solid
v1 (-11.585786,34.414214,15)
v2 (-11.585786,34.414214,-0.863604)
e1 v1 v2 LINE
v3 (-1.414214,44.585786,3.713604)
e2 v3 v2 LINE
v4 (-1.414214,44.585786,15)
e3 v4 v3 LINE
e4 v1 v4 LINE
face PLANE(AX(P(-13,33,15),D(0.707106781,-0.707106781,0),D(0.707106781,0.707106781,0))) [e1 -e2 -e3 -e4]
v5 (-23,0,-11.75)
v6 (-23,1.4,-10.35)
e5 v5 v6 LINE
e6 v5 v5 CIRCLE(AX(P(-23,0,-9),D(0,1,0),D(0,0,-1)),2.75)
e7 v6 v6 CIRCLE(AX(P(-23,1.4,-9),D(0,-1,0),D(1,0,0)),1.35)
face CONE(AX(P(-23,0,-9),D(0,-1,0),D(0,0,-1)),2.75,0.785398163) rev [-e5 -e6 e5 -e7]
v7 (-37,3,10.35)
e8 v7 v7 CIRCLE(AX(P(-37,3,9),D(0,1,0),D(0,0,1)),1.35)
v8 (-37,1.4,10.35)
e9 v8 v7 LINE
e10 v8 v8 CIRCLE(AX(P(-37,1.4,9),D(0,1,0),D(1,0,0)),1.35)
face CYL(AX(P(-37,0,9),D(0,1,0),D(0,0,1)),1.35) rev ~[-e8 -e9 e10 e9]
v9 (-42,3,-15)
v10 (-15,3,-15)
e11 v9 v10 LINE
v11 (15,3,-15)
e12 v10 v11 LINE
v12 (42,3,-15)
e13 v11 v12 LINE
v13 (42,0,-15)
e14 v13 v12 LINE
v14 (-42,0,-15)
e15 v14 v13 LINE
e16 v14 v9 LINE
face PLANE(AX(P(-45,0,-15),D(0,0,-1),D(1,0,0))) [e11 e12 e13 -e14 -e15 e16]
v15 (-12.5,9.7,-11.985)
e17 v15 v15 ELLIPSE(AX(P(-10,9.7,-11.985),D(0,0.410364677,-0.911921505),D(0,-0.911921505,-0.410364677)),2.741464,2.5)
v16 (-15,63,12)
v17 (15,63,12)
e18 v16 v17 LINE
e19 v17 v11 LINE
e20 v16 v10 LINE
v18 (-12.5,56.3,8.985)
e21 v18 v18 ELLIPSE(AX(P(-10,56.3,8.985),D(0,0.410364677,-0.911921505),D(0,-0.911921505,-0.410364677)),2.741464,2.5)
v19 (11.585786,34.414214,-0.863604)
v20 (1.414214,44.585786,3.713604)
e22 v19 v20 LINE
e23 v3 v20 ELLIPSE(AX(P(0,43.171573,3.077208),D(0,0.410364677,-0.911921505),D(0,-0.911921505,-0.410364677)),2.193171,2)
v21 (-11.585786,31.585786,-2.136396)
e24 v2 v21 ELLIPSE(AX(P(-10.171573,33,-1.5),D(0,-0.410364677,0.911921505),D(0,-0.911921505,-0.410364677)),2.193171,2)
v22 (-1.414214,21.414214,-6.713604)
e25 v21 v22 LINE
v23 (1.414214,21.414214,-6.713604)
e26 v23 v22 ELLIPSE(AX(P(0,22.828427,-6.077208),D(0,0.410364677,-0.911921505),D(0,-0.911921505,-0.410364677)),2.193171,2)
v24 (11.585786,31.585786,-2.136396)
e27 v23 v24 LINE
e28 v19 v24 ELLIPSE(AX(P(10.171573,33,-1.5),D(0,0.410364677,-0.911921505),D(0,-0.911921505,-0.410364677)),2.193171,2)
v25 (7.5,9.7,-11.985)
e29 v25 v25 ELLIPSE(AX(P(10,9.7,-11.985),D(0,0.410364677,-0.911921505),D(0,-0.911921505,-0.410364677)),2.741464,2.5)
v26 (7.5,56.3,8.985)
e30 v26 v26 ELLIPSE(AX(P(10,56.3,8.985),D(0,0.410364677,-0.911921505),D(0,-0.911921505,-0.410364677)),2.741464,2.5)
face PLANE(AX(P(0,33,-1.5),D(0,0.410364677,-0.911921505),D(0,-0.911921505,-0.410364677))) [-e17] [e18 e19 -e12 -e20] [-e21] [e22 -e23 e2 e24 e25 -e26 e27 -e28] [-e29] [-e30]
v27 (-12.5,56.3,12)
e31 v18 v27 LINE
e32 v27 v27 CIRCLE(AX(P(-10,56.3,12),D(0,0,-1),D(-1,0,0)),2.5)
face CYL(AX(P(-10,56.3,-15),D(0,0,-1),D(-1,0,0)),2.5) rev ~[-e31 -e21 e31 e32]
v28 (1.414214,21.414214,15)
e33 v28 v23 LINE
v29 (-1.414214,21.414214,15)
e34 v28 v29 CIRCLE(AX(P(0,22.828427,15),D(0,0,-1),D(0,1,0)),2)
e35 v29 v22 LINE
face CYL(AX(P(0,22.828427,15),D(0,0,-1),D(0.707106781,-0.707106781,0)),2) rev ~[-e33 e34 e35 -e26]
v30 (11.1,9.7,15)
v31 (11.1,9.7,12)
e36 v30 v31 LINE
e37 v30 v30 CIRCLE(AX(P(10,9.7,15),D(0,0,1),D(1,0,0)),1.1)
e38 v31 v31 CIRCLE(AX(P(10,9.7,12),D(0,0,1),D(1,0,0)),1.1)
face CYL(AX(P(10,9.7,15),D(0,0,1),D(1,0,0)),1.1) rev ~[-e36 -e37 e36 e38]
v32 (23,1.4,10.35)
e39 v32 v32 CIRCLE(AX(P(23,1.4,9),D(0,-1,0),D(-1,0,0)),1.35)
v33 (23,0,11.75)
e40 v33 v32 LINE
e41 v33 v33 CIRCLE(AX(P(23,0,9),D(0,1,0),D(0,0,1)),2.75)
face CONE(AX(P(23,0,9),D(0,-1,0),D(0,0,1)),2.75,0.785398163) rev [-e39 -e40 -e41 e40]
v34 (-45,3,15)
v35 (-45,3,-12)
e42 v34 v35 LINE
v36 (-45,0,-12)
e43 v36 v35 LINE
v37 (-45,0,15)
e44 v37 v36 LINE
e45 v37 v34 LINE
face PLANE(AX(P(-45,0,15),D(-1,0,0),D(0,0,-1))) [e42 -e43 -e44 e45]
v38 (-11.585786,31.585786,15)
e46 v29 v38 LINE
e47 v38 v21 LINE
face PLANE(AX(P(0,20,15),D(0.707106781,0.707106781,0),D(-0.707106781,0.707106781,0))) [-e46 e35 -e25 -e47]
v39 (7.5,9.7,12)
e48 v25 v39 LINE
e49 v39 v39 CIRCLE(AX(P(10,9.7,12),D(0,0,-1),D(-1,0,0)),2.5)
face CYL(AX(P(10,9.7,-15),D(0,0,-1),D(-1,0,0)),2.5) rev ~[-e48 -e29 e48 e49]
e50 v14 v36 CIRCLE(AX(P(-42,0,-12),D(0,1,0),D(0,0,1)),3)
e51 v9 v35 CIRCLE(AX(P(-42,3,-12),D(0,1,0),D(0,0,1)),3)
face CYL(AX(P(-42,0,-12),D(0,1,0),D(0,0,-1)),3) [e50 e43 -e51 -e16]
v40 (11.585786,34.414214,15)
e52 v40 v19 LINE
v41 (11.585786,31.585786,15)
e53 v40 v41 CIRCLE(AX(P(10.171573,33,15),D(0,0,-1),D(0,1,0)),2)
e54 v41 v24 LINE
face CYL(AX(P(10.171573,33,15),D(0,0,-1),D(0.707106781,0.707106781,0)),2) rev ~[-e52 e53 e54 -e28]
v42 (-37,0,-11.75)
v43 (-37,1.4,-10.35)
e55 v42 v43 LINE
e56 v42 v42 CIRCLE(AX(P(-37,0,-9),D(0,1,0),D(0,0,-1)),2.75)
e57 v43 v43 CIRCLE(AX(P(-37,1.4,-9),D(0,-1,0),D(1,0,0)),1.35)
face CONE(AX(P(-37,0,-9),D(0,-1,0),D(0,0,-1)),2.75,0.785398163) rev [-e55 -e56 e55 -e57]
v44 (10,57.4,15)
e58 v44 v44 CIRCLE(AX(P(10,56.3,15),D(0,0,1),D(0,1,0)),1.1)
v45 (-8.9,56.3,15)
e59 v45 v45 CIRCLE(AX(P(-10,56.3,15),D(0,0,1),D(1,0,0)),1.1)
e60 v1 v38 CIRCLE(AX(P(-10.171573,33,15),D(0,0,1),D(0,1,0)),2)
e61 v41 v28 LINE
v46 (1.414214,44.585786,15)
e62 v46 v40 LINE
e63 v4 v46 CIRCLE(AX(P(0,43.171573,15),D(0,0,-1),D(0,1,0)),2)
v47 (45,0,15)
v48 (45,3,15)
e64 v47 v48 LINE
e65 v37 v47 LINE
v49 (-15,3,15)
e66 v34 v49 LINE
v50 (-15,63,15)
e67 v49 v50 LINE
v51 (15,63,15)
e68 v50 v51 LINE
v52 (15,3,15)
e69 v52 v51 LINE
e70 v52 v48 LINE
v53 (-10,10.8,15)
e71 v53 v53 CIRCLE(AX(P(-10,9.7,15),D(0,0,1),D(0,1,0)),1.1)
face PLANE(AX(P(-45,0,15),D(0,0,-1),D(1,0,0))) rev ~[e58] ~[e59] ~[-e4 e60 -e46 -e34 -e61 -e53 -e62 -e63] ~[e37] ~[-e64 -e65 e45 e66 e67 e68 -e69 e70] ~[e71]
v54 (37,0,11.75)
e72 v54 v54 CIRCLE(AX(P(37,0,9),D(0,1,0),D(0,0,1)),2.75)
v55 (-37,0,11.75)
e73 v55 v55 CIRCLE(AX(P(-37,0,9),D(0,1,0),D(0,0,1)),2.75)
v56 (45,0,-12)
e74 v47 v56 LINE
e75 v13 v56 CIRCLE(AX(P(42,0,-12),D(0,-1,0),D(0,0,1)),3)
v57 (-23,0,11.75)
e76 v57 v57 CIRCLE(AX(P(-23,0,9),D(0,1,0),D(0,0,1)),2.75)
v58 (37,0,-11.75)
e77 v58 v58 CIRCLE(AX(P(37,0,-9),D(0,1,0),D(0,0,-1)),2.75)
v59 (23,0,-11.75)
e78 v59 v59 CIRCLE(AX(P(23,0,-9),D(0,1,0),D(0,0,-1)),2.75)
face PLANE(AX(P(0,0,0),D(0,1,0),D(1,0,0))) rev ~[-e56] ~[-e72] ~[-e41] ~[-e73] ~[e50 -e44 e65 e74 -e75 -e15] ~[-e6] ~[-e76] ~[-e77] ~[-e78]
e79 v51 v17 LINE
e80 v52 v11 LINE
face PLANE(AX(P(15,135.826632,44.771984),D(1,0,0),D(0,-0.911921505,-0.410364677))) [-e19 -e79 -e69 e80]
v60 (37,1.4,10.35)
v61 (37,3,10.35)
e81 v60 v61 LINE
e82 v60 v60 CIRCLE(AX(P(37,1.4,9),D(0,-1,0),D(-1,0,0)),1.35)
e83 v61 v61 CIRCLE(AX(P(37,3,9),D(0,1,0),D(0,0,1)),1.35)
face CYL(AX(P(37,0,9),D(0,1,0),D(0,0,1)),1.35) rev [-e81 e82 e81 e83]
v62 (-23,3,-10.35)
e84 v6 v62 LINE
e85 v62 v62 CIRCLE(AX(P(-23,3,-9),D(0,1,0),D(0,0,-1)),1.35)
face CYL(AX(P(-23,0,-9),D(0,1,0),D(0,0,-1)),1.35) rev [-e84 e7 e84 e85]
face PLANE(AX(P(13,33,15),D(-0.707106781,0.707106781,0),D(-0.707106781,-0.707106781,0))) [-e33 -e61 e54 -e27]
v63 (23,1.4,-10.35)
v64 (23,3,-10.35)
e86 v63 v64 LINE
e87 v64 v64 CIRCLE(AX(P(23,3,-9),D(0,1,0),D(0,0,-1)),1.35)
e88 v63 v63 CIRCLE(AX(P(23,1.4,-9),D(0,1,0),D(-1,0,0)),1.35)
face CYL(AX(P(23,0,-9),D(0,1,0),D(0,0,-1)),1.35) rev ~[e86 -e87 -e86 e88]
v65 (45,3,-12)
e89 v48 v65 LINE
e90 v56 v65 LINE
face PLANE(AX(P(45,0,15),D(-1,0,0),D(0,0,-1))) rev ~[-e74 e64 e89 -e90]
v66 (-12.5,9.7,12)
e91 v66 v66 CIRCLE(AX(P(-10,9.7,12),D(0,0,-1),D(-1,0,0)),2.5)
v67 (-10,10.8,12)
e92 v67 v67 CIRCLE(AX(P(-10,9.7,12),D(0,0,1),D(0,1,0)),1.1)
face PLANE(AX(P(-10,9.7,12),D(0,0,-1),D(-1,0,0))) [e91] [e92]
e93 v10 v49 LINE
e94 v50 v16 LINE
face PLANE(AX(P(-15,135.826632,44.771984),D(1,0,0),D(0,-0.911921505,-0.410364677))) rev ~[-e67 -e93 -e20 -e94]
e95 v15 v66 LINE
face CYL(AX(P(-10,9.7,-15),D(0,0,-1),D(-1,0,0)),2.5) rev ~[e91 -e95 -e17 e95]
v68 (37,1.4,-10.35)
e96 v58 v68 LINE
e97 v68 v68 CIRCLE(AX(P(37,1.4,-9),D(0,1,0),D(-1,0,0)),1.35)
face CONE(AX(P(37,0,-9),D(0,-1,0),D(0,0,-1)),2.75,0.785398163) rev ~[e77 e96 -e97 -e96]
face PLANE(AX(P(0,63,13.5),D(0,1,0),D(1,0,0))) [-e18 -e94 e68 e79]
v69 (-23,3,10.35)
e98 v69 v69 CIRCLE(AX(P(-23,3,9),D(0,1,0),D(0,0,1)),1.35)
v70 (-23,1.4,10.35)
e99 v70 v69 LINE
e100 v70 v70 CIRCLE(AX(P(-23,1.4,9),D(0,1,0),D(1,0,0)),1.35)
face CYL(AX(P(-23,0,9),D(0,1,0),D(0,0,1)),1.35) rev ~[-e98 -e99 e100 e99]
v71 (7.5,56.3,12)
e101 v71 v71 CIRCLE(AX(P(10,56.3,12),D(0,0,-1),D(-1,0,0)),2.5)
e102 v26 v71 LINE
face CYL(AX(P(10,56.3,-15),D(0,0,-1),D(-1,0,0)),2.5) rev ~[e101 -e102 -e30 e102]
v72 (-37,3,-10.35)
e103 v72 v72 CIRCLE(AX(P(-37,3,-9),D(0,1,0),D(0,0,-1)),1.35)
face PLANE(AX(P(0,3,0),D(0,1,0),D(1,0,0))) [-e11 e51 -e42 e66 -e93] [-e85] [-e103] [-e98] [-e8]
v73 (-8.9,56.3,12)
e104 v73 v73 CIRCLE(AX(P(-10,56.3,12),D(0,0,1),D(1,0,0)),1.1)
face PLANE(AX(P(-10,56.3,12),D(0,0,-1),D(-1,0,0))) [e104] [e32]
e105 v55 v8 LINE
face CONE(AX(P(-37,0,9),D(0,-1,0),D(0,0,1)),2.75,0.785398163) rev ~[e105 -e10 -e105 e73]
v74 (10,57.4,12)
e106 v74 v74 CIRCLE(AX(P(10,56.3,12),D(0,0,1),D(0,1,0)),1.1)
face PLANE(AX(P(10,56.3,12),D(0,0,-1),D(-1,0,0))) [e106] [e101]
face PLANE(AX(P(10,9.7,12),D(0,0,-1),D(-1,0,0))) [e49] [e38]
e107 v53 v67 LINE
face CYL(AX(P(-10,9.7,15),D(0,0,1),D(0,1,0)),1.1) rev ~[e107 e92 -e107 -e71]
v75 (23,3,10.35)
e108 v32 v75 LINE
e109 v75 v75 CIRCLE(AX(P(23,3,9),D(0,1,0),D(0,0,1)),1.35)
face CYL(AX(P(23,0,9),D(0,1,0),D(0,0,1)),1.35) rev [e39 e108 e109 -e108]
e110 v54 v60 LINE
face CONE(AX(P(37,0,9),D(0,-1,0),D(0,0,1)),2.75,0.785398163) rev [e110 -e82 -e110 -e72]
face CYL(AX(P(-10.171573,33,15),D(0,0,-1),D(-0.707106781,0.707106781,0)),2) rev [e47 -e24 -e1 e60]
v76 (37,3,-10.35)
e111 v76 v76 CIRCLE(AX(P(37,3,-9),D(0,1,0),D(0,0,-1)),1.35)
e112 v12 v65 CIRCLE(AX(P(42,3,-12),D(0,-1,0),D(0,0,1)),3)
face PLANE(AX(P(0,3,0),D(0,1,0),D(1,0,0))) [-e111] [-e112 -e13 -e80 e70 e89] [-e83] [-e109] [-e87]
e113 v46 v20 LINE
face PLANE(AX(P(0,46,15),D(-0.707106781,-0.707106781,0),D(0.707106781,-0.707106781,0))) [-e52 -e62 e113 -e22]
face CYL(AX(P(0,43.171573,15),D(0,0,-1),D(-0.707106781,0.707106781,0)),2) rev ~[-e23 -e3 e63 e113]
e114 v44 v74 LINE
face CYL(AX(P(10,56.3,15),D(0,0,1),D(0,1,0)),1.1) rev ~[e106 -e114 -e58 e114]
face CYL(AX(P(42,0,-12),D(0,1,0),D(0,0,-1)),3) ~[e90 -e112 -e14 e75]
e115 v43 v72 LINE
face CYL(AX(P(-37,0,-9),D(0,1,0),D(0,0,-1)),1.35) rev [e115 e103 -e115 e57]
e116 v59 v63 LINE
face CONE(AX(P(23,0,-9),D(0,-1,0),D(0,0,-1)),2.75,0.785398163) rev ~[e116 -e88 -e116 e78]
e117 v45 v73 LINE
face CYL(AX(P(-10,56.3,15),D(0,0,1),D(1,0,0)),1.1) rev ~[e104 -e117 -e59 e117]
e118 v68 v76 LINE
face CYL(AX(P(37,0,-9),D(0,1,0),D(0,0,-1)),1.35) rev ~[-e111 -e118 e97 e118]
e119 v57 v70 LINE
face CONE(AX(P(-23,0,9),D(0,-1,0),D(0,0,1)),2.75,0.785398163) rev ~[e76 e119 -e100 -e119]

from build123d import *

# Parameters (mm, degrees)
SKETCH1_W                                            = 90
SKETCH1_H                                            = 30
BOSS_EXTRUDE1_DEPTH                                  = 3
SKETCH3_W                                            = 30
SKETCH3_H                                            = 3
BOSS_EXTRUDE2_DEPTH                                  = 60
RIB5_REACH                                           = 80.861
SKETCH8_WALL_W                                       = 225.516409736
SKETCH8_WALL_H                                       = 30
CUT_EXTRUDE2_REACH                                   = 85.03
SKETCH10_R                                           = 1.1
SKETCH12_R                                           = 2.5
CUT_EXTRUDE3_DEPTH                                   = 27
FILLET1_R                                            = 3
CUT_EXTRUDE4_REACH                                   = 85.03
FILLET2_R                                            = 2
CSK_FOR_M2_5_COUNTERSUNK_FLAT_HEAD_SCREW_D           = 2.7
CSK_FOR_M2_5_COUNTERSUNK_FLAT_HEAD_SCREW_CSINK_D     = 5.5
CSK_FOR_M2_5_COUNTERSUNK_FLAT_HEAD_SCREW_CSINK_ANGLE = 90
MIRROR1_AT_THE_SECOND_PLANE_COPY_1_D                 = 2.7
MIRROR1_AT_THE_SECOND_PLANE_COPY_1_CSINK_D           = 5.5
MIRROR1_AT_THE_SECOND_PLANE_COPY_1_CSINK_ANGLE       = 90


with BuildPart() as part:
    # Sketch1 → Boss-Extrude1 (new body)
    with BuildSketch(Plane(origin=(0, 0, 0), x_dir=(1, 0, 0), z_dir=(0, 1, 0))):
        Rectangle(SKETCH1_W, SKETCH1_H)
    extrude(amount=BOSS_EXTRUDE1_DEPTH)

    # Sketch3 → Boss-Extrude2 (add)
    with BuildSketch(Plane(origin=(0, 3, 0), x_dir=(1, 0, 0), z_dir=(0, 1, 0))):
        with Locations((0, -13.5)):
            Rectangle(SKETCH3_W, SKETCH3_H)
    extrude(amount=BOSS_EXTRUDE2_DEPTH)

    # Sketch8 wall → Rib5 (add, up to next)
    with BuildSketch(Plane(origin=(0, 33, -1.5), x_dir=(0, -0.911921505175, -0.410364677329), z_dir=(0, 0.410364677329, -0.911921505175)), mode=Mode.PRIVATE) as rib5_sk1:
        Rectangle(SKETCH8_WALL_W, SKETCH8_WALL_H)
    rib5_tool1 = extrude(rib5_sk1.sketch, amount=-RIB5_REACH, mode=Mode.PRIVATE) - part.part
    add(rib5_tool1.solids().sort_by_distance((0, 33, -1.5))[0])

    # Cut-Extrude2: up to this plane
    cut_extrude2_end = Plane(origin=(0, 63, 12), z_dir=(0, -0.410364677328798, 0.9119215051751063))
    # Sketch10 → Cut-Extrude2 (cut, up to the surface)
    with BuildSketch(Plane.XY.offset(15), mode=Mode.PRIVATE) as cut_extrude2_sk1:
        with Locations((-10, 56.3)):
            Circle(SKETCH10_R)
    cut_extrude2_tool1 = split(extrude(cut_extrude2_sk1.sketch, amount=-CUT_EXTRUDE2_REACH, mode=Mode.PRIVATE), bisect_by=cut_extrude2_end, keep=Keep.BOTH, mode=Mode.PRIVATE)
    add(cut_extrude2_tool1.solids().sort_by_distance((-10, 56.3, 15))[0], mode=Mode.SUBTRACT)
    # Sketch10 → Cut-Extrude2 (cut, up to the surface)
    with BuildSketch(Plane.XY.offset(15), mode=Mode.PRIVATE) as cut_extrude2_sk2:
        with Locations(Location((10, 56.3, 0), (0, 0, 90))):
            Circle(SKETCH10_R)
    cut_extrude2_tool2 = split(extrude(cut_extrude2_sk2.sketch, amount=-CUT_EXTRUDE2_REACH, mode=Mode.PRIVATE), bisect_by=cut_extrude2_end, keep=Keep.BOTH, mode=Mode.PRIVATE)
    add(cut_extrude2_tool2.solids().sort_by_distance((10, 56.3, 15))[0], mode=Mode.SUBTRACT)
    # Sketch10 → Cut-Extrude2 (cut, up to the surface)
    with BuildSketch(Plane.XY.offset(15), mode=Mode.PRIVATE) as cut_extrude2_sk3:
        with Locations((10, 9.7)):
            Circle(SKETCH10_R)
    cut_extrude2_tool3 = split(extrude(cut_extrude2_sk3.sketch, amount=-CUT_EXTRUDE2_REACH, mode=Mode.PRIVATE), bisect_by=cut_extrude2_end, keep=Keep.BOTH, mode=Mode.PRIVATE)
    add(cut_extrude2_tool3.solids().sort_by_distance((10, 9.7, 15))[0], mode=Mode.SUBTRACT)
    # Sketch10 → Cut-Extrude2 (cut, up to the surface)
    with BuildSketch(Plane.XY.offset(15), mode=Mode.PRIVATE) as cut_extrude2_sk4:
        with Locations(Location((-10, 9.7, 0), (0, 0, 90))):
            Circle(SKETCH10_R)
    cut_extrude2_tool4 = split(extrude(cut_extrude2_sk4.sketch, amount=-CUT_EXTRUDE2_REACH, mode=Mode.PRIVATE), bisect_by=cut_extrude2_end, keep=Keep.BOTH, mode=Mode.PRIVATE)
    add(cut_extrude2_tool4.solids().sort_by_distance((-10, 9.7, 15))[0], mode=Mode.SUBTRACT)

    # Sketch12 → Cut-Extrude3 (cut)
    with BuildSketch(Plane(origin=(0, 0, -15), x_dir=(-1, 0, 0), z_dir=(0, 0, -1))):
        with Locations((-10, 56.3)):
            Circle(SKETCH12_R)
        with Locations((10, 56.3)):
            Circle(SKETCH12_R)
        with Locations((10, 9.7)):
            Circle(SKETCH12_R)
        with Locations((-10, 9.7)):
            Circle(SKETCH12_R)
    extrude(amount=-CUT_EXTRUDE3_DEPTH, mode=Mode.SUBTRACT)

    # Fillet1
    fillet1_edges = [part.edges().sort_by_distance(p)[0] for p in [
        (-45, 1.5, -15),
        (45, 1.5, -15),
    ]]
    fillet(fillet1_edges, radius=FILLET1_R)

    # Cut-Extrude4: up to this plane
    cut_extrude4_end = Plane(origin=(0, 63, 12), z_dir=(0, -0.410364677328798, 0.9119215051751063))
    # Sketch13 → Cut-Extrude4 (cut, up to the surface)
    with BuildSketch(Plane.XY.offset(15), mode=Mode.PRIVATE) as cut_extrude4_sk1:
        Polygon((0, 20), (-13, 33), (0, 46), (13, 33), align=None)
    cut_extrude4_tool1 = split(extrude(cut_extrude4_sk1.sketch, amount=-CUT_EXTRUDE4_REACH, mode=Mode.PRIVATE), bisect_by=cut_extrude4_end, keep=Keep.BOTH, mode=Mode.PRIVATE)
    add(cut_extrude4_tool1.solids().sort_by_distance((0, 33, 15))[0], mode=Mode.SUBTRACT)

    # Fillet2
    fillet2_edges = [part.edges().sort_by_distance(p)[0] for p in [
        (13, 33, 6.75),
        (0, 20, 3.825),
        (-13, 33, 6.75),
        (0, 46, 9.675),
    ]]
    fillet(fillet2_edges, radius=FILLET2_R)

    # CSK for M2.5 Countersunk Flat Head Screw2 (through all)
    with Locations(Plane(origin=(-23, 0, 9), x_dir=(0, 0, -1), z_dir=(0, -1, 0))):
        with Locations((0, 0), (0, -14)):
            csk_for_m2_5_countersunk_flat_head_screw = CounterSinkHole(CSK_FOR_M2_5_COUNTERSUNK_FLAT_HEAD_SCREW_D / 2, CSK_FOR_M2_5_COUNTERSUNK_FLAT_HEAD_SCREW_CSINK_D / 2, counter_sink_angle=CSK_FOR_M2_5_COUNTERSUNK_FLAT_HEAD_SCREW_CSINK_ANGLE)

    # Mirror1: CSK for M2.5 Countersunk Flat Head Screw2 across plane
    add(csk_for_m2_5_countersunk_flat_head_screw.mirror(Plane(origin=(0, 0, 0), x_dir=(0, 0, 1), z_dir=(1, 0, 0))), mode=Mode.SUBTRACT)

    # Mirror1 at the second plane: CSK for M2.5 Countersunk Flat Head Screw2 across plane
    add(csk_for_m2_5_countersunk_flat_head_screw.mirror(Plane.XY), mode=Mode.SUBTRACT)

    # Mirror1 at the second plane copy 1 (through all)
    with Locations(Plane(origin=(23, 0, -9), x_dir=(0, 0, 1), z_dir=(0, -1, 0))):
        with Locations((0, 0), (0, -14)):
            CounterSinkHole(MIRROR1_AT_THE_SECOND_PLANE_COPY_1_D / 2, MIRROR1_AT_THE_SECOND_PLANE_COPY_1_CSINK_D / 2, counter_sink_angle=MIRROR1_AT_THE_SECOND_PLANE_COPY_1_CSINK_ANGLE)


solid = part.part
